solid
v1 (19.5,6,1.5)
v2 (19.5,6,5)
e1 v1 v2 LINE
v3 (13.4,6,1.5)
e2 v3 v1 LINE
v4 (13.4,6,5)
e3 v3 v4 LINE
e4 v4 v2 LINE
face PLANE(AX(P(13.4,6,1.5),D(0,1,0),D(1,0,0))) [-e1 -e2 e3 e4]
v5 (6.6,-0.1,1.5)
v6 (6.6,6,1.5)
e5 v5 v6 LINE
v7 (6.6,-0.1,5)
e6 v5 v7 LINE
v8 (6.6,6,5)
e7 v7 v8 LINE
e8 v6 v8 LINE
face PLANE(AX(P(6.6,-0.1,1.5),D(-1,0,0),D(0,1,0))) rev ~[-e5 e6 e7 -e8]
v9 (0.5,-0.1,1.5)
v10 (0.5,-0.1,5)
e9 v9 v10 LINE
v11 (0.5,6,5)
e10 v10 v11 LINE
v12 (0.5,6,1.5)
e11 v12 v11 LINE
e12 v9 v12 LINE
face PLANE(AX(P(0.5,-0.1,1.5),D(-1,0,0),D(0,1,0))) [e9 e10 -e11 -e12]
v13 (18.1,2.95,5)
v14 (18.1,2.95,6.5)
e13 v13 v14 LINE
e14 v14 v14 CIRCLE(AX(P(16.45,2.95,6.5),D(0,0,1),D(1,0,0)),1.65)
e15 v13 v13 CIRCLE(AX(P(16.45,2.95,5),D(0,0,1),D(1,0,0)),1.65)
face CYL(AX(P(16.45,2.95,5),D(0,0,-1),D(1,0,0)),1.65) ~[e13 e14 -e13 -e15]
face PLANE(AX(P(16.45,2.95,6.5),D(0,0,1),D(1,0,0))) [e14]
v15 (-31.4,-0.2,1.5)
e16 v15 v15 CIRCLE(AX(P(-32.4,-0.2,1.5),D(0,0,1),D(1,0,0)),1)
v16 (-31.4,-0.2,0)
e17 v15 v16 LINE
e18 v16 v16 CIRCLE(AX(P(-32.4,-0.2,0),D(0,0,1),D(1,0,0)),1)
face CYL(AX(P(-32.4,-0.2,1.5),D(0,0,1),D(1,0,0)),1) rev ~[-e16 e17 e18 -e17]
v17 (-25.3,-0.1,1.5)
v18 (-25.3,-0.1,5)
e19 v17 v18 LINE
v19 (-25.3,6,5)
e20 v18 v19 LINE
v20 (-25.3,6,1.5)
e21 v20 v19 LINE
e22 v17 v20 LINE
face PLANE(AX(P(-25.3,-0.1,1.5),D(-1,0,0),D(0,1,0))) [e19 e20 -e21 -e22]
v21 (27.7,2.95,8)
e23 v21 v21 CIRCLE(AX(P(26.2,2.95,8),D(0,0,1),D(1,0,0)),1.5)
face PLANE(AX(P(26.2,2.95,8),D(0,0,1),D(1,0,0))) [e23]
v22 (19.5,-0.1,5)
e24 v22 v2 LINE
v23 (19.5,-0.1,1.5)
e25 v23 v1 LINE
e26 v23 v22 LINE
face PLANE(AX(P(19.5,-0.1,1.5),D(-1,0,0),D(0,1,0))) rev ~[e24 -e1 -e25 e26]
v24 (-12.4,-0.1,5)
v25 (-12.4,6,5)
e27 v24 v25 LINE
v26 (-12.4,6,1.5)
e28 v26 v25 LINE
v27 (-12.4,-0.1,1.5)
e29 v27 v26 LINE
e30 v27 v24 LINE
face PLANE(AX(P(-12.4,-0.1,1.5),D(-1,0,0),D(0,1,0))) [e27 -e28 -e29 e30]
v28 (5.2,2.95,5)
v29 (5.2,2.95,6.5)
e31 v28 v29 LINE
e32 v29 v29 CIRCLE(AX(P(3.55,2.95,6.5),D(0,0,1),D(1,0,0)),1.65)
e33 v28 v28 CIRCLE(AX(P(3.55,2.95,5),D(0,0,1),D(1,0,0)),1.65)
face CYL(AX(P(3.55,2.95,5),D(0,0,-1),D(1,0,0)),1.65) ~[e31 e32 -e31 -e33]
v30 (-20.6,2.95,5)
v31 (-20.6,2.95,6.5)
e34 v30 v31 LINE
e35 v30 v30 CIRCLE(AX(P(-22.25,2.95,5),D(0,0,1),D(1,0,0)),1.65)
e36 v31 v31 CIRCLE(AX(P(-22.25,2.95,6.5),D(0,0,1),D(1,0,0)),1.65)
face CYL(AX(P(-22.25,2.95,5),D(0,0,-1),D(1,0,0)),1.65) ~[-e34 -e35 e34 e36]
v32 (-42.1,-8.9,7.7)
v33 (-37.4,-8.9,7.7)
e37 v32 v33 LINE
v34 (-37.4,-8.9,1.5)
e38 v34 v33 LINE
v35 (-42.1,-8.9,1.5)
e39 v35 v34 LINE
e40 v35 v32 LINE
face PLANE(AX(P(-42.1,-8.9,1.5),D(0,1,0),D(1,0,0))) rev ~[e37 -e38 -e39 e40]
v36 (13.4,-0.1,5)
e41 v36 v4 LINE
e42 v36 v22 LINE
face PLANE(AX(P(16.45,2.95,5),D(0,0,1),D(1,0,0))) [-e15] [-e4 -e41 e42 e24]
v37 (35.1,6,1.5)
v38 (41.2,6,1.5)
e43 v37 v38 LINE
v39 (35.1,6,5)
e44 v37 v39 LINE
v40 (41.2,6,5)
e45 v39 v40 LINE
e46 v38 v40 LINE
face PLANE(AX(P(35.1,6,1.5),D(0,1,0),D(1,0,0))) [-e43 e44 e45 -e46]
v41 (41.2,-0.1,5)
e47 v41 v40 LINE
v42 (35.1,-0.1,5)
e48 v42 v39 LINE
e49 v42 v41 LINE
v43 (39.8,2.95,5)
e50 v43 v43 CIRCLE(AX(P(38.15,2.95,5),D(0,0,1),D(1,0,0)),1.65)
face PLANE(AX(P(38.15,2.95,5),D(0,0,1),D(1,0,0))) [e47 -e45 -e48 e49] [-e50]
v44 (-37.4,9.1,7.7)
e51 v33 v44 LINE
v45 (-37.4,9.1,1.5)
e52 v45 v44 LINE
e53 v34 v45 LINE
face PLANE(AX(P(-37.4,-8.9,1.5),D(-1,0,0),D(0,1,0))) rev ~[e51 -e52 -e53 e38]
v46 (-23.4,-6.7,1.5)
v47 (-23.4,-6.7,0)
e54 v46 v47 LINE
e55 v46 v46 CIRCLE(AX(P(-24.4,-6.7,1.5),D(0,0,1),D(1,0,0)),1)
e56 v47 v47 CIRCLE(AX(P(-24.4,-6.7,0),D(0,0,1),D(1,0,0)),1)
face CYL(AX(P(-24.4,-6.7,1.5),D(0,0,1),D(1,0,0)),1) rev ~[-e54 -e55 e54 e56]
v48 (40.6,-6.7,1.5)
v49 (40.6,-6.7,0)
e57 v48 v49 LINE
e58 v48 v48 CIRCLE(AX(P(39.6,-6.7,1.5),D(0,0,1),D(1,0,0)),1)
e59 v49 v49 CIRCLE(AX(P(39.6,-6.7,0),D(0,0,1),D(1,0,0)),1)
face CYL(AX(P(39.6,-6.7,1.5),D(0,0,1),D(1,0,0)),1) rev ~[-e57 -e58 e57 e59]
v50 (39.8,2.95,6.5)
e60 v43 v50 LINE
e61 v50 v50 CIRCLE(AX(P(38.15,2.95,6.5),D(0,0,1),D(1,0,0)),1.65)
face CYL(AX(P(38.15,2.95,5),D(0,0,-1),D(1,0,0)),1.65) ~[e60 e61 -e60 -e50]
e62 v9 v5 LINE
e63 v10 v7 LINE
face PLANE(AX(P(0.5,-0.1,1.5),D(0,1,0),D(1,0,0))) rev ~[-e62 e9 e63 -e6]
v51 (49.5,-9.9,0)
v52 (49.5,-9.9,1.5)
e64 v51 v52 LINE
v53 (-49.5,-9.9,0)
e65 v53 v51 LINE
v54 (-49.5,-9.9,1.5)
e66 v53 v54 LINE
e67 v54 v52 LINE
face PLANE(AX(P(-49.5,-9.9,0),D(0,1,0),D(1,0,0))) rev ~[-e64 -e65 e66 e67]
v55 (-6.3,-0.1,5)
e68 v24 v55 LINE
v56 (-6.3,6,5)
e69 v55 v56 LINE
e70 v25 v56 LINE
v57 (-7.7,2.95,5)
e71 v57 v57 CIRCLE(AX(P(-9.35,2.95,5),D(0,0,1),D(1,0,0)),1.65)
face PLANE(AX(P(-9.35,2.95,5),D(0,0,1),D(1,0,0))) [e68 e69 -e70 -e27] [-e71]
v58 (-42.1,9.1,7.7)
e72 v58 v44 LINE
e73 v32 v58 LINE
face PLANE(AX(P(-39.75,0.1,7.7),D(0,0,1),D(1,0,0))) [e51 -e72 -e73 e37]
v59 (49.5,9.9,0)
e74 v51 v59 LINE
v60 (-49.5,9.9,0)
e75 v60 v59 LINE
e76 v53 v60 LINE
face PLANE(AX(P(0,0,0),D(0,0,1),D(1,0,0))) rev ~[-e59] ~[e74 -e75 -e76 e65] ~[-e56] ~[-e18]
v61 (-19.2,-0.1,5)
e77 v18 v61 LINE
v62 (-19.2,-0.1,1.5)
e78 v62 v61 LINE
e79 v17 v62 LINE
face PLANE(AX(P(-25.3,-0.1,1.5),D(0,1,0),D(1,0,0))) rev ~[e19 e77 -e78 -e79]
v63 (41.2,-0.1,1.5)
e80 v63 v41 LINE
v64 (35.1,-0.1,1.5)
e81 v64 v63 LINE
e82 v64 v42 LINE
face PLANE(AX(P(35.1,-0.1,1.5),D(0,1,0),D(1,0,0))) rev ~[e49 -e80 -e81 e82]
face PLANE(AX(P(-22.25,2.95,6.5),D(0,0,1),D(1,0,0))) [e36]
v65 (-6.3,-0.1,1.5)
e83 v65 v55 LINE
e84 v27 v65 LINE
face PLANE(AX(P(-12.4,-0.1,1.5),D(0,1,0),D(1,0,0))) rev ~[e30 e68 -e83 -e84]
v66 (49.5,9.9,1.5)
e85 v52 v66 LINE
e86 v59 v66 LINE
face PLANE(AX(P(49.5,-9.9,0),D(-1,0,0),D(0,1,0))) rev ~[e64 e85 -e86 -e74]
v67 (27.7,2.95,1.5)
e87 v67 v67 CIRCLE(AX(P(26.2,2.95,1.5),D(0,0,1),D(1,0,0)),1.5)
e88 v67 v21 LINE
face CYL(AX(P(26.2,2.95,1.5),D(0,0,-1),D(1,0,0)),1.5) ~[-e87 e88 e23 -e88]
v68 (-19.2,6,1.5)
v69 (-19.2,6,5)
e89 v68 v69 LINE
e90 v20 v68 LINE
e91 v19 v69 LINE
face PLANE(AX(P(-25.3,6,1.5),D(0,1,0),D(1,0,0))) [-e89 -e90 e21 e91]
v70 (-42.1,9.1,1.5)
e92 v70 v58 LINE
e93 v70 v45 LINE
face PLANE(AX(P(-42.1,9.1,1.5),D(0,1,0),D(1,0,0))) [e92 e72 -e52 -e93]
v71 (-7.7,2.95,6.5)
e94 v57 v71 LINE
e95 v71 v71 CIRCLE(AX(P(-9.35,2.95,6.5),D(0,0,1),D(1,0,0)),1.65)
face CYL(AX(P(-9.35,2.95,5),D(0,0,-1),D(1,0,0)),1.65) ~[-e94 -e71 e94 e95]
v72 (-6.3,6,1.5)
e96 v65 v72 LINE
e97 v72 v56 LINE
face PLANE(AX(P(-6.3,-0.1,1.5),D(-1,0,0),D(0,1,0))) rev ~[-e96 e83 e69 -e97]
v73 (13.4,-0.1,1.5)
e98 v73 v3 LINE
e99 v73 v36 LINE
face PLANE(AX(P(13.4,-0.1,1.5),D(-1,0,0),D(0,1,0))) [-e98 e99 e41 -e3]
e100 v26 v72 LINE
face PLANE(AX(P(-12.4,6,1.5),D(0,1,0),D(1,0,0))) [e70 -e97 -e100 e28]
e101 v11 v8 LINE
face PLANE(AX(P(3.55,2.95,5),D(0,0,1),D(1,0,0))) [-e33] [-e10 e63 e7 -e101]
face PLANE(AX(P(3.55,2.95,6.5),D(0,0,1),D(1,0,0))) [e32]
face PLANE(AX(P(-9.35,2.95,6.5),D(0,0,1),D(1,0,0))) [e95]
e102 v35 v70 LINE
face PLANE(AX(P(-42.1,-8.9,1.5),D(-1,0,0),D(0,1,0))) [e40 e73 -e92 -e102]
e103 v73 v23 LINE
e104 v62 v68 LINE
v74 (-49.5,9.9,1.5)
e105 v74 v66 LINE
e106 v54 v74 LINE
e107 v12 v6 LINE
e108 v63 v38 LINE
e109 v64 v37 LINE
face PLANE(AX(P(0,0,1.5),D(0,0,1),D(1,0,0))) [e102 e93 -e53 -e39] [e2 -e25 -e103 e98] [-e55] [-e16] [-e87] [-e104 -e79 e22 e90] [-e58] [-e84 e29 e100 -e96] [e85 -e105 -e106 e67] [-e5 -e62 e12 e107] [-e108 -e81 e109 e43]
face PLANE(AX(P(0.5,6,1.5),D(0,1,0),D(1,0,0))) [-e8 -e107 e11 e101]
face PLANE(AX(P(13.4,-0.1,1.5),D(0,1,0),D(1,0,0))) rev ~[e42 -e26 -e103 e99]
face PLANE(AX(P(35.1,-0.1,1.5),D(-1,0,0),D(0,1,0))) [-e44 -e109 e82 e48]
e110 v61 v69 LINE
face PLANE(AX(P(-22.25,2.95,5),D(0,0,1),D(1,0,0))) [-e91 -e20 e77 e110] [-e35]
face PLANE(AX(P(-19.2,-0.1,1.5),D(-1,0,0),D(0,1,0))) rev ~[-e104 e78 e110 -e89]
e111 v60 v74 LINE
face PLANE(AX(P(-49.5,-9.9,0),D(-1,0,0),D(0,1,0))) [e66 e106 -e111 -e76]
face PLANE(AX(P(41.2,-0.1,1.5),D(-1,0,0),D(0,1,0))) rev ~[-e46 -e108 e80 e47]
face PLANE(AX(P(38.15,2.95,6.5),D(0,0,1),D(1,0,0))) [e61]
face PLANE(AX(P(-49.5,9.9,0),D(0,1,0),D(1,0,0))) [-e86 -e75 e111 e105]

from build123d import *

# Parameters (mm, degrees)
F0_W      = 99
F0_H      = 19.8
F1_DEPTH  = 1.5
F2_W      = 6.1
F2_H      = 6.1
F3_DEPTH  = 3.5
F4_R      = 1.65
F5_DEPTH  = 1.5
F6_R      = 1.5
F7_DEPTH  = 6.5
F8_W      = 4.7
F8_H      = 18
F9_DEPTH  = 6.2
F10_R     = 1
F11_DEPTH = 1.501


with BuildPart() as f1:
    # F0 (on Top) → F1 (new body)
    with BuildSketch(Plane.XY):
        Rectangle(F0_W, F0_H)
    extrude(amount=F1_DEPTH)

    # F2 (on face) → F3 (join)
    with BuildSketch(Plane.XY.offset(1.5)):
        with Locations((38.15, 2.95)):
            Rectangle(F2_W, F2_H)
        with Locations((16.45, 2.95)):
            Rectangle(F2_W, F2_H)
        with Locations((3.55, 2.95)):
            Rectangle(F2_W, F2_H)
        with Locations((-9.35, 2.95)):
            Rectangle(F2_W, F2_H)
        with Locations((-22.25, 2.95)):
            Rectangle(F2_W, F2_H)
    extrude(amount=F3_DEPTH)

    # F4 (on face) → F5 (join)
    with BuildSketch(Plane.XY.offset(5)):
        with Locations((-22.25, 2.95)):
            Circle(F4_R)
        with Locations((-9.35, 2.95)):
            Circle(F4_R)
        with Locations((3.55, 2.95)):
            Circle(F4_R)
        with Locations((16.45, 2.95)):
            Circle(F4_R)
        with Locations((38.15, 2.95)):
            Circle(F4_R)
    extrude(amount=F5_DEPTH)

    # F6 (on face) → F7 (join)
    with BuildSketch(Plane.XY.offset(1.5)):
        with Locations((26.2, 2.95)):
            Circle(F6_R)
    extrude(amount=F7_DEPTH)

    # F8 (on face) → F9 (join)
    with BuildSketch(Plane.XY.offset(1.5)):
        with Locations((-39.75, 0.1)):
            Rectangle(F8_W, F8_H)
    extrude(amount=F9_DEPTH)

    # F10 (on face) → F11 (cut, through all)
    with BuildSketch(Plane.XY.offset(1.5)):
        with Locations((-24.4, -6.7)):
            Circle(F10_R)
        with Locations((-32.4, -0.2)):
            Circle(F10_R)
        with Locations((39.6, -6.7)):
            Circle(F10_R)
    extrude(amount=-F11_DEPTH, mode=Mode.SUBTRACT)


solid = f1.part
